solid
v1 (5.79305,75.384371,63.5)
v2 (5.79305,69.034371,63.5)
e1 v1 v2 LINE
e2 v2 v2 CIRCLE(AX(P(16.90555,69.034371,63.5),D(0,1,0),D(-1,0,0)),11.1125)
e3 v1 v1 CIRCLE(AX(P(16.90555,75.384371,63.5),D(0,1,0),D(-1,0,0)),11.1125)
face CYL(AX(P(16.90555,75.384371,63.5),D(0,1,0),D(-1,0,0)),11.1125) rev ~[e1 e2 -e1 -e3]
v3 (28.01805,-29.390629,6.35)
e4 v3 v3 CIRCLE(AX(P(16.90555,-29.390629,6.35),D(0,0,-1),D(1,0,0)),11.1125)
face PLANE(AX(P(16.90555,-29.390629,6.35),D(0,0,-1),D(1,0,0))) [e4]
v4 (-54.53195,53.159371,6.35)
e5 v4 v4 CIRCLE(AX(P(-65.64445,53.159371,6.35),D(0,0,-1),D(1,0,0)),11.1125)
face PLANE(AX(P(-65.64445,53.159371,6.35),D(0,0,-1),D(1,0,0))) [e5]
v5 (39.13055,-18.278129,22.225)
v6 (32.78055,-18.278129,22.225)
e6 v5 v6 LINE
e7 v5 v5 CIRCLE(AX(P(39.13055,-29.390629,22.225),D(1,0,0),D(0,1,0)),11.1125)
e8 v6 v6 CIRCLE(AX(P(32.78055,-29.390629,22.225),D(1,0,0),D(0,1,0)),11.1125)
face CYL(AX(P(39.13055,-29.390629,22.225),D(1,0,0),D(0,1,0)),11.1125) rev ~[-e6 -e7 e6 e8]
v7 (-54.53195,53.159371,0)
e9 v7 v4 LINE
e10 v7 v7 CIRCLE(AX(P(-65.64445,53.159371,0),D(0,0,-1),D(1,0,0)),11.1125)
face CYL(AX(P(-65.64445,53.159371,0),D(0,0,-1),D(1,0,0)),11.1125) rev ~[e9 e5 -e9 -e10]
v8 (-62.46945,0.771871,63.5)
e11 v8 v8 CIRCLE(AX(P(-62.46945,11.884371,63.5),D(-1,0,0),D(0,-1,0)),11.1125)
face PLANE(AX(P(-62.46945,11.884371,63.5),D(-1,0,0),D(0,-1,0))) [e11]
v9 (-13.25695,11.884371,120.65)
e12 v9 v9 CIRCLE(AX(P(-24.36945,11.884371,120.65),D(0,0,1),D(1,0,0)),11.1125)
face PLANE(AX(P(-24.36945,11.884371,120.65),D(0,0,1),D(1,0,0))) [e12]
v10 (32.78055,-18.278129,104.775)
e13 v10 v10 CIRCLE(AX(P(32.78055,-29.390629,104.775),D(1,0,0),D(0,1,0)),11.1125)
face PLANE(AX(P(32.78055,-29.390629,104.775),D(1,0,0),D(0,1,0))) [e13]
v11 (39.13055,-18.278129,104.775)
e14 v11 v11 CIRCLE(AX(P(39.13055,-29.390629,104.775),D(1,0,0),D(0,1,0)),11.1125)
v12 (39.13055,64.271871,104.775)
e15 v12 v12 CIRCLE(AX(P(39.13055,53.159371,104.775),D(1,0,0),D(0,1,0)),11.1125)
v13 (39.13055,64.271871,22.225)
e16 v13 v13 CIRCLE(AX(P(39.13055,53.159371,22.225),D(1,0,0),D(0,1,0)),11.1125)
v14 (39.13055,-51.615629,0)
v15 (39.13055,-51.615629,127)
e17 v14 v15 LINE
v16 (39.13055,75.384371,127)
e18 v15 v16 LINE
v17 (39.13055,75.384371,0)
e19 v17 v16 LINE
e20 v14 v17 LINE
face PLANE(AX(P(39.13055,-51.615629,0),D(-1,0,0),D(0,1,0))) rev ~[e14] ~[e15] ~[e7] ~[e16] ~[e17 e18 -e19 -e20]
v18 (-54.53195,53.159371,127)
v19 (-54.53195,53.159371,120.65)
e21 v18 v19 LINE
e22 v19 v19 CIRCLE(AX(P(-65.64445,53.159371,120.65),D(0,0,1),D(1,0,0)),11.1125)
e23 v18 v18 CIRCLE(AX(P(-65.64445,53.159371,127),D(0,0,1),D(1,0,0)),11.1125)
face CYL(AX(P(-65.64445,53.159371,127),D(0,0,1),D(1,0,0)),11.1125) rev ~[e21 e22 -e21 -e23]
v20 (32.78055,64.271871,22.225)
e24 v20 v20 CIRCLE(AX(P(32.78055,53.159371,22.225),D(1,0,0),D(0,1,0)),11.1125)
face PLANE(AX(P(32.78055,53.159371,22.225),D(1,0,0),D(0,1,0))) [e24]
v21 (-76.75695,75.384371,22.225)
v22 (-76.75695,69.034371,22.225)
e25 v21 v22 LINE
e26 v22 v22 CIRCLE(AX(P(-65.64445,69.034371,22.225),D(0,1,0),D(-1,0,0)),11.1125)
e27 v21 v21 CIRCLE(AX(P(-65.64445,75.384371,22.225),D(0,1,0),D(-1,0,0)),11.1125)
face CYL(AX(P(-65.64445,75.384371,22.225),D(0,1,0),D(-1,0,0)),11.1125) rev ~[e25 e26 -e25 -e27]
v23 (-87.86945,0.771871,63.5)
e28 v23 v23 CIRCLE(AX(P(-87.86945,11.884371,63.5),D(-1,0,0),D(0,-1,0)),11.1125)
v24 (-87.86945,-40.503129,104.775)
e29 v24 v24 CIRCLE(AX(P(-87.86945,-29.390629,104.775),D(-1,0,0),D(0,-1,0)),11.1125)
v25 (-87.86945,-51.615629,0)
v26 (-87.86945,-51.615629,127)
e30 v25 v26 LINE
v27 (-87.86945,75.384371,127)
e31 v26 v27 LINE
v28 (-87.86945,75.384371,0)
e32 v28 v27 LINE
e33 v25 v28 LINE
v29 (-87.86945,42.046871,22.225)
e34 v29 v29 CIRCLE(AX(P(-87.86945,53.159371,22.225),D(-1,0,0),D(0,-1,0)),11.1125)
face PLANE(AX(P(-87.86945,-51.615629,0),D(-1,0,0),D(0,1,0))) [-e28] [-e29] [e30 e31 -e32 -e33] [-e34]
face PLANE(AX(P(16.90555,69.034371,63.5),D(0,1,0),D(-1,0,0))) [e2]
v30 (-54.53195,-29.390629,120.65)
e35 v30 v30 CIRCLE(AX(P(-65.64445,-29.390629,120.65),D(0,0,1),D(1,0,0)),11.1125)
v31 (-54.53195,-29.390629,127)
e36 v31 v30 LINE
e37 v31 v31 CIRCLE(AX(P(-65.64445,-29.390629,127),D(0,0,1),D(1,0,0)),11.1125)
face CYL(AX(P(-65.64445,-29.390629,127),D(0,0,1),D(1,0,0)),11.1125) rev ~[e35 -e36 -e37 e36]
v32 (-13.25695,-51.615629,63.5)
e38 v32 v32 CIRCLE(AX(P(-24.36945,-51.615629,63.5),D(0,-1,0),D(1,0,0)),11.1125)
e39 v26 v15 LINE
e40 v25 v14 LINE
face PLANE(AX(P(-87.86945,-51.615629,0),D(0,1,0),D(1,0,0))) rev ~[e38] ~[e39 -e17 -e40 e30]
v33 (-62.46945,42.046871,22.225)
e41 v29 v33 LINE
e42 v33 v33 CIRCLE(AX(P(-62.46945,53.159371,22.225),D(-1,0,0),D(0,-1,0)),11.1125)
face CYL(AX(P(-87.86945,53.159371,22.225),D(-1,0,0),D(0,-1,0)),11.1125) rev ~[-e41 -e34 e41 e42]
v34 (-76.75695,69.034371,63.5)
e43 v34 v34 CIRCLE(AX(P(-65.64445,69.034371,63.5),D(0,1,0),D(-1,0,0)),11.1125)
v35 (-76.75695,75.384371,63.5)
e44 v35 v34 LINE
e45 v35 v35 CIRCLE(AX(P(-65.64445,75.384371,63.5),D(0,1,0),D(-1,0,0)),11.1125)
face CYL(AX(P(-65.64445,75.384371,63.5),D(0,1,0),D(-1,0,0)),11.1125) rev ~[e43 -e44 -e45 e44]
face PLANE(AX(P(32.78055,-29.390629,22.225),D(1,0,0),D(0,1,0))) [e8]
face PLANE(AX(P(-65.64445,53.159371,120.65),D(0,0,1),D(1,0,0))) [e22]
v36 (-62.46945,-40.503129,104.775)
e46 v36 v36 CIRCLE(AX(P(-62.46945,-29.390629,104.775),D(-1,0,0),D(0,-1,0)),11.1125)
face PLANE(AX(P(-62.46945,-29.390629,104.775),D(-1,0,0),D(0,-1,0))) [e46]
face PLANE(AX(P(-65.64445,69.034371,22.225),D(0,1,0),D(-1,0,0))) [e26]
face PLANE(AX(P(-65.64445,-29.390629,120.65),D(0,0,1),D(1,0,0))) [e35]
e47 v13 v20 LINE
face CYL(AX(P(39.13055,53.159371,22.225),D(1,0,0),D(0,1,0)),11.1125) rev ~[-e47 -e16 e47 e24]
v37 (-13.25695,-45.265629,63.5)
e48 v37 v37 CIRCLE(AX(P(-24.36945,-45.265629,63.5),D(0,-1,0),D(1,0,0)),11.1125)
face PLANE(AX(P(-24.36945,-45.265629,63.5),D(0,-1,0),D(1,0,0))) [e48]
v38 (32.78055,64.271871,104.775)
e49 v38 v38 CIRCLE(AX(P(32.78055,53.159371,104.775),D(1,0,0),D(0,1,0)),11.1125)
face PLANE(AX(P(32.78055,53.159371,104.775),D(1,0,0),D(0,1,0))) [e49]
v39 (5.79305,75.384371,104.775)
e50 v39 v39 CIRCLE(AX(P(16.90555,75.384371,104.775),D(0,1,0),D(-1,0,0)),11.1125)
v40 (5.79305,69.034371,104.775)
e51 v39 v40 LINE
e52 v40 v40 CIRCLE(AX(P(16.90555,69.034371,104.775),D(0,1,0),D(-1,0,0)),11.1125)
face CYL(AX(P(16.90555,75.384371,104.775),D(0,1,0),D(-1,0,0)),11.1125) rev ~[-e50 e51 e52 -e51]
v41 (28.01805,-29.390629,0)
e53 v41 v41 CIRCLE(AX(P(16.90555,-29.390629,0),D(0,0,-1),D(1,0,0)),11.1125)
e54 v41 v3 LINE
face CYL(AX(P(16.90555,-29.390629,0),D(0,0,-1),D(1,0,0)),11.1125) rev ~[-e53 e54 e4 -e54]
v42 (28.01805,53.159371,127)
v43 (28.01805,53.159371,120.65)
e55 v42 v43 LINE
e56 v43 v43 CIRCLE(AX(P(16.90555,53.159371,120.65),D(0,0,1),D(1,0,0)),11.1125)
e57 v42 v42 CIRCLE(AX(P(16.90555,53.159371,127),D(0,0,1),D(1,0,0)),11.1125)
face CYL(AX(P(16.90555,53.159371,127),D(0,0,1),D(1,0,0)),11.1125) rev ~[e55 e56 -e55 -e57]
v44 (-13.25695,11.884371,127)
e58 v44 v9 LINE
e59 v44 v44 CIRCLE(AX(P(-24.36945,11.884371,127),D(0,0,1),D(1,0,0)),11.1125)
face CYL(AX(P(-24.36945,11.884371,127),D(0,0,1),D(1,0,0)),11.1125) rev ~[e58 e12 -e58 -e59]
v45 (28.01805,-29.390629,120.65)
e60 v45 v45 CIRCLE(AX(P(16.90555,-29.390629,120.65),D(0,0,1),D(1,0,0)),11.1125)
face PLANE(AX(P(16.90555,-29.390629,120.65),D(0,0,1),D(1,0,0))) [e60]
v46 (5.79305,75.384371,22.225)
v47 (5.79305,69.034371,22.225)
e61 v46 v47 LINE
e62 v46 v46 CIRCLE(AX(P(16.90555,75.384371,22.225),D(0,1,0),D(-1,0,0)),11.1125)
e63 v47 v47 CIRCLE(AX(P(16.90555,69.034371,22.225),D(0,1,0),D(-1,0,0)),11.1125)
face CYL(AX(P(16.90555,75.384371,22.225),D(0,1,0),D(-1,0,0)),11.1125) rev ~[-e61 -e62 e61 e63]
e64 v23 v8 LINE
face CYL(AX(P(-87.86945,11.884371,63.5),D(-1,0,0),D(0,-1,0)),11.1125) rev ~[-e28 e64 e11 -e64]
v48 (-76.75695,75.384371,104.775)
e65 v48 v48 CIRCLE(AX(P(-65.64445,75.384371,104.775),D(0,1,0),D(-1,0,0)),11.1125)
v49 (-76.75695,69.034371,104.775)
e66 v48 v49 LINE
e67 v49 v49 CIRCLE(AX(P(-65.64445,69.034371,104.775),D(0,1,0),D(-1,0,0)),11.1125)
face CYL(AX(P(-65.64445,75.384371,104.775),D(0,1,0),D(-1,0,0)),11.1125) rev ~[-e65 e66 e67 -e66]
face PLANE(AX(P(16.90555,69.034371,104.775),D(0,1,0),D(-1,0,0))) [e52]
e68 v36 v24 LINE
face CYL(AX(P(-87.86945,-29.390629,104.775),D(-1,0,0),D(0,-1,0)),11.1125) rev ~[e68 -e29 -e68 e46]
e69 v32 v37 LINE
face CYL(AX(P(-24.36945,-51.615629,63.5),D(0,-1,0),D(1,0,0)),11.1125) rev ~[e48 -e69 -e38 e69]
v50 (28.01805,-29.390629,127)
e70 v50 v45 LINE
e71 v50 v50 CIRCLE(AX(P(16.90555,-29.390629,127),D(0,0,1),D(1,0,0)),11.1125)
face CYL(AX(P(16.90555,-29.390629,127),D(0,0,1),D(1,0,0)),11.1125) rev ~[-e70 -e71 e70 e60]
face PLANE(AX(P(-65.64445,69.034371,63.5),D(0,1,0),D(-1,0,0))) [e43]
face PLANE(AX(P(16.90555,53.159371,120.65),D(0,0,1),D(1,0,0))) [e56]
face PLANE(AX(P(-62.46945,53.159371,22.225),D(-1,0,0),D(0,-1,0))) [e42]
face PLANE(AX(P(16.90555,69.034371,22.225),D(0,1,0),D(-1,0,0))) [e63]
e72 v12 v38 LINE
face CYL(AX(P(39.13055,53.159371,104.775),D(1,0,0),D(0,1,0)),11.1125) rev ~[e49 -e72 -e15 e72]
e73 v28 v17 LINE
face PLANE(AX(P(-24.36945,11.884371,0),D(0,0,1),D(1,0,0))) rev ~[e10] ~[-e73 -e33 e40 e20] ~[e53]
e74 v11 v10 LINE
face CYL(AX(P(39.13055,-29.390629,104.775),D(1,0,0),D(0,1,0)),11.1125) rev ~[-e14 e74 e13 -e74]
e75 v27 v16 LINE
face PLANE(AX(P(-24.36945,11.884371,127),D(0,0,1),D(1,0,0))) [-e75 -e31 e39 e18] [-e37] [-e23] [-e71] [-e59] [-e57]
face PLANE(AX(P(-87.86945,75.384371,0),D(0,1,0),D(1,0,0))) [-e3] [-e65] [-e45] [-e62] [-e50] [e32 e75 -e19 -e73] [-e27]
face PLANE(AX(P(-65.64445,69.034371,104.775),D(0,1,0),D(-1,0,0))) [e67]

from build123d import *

# Parameters (mm, degrees)
F0_W      = 127
F0_H      = 127
F1_DEPTH  = 127
F2_R      = 11.1125
F3_DEPTH  = 6.35
F4_R      = 11.1125
F6_DEPTH  = 6.35
F7_DEPTH  = 25.4
F5_R      = 11.1125
F8_DEPTH  = 6.35
F9_DEPTH  = 6.35
F10_R     = 11.1125
F11_DEPTH = 6.35
F13_R     = 11.1125
F14_DEPTH = 6.35
F12_R     = 11.1125
F15_DEPTH = 6.35


with BuildPart() as f1:
    # F0 (on Top) → F1 (new body)
    with BuildSketch(Plane.XY):
        with Locations((-24.36945, 11.884371)):
            Rectangle(F0_W, F0_H)
    extrude(amount=F1_DEPTH)

    # F2 (on face) → F3 (cut)
    with BuildSketch(Plane.XZ.offset(51.615629)):
        with Locations((-24.36945, 63.5)):
            Circle(F2_R)
    extrude(amount=-F3_DEPTH, mode=Mode.SUBTRACT)

    # F4 (on face) → F6 (cut)
    with BuildSketch(Plane(origin=(-87.86945, 0, 0), x_dir=(0, -1, 0), z_dir=(-1, 0, 0))):
        with Locations((29.390629, 104.775)):
            Circle(F4_R)
    extrude(amount=-F6_DEPTH, mode=Mode.SUBTRACT)

    # F4 (on face) → F7 (cut)
    with BuildSketch(Plane(origin=(-87.86945, 0, 0), x_dir=(0, -1, 0), z_dir=(-1, 0, 0))):
        with Locations((-11.884371, 63.5)):
            Circle(F4_R)
        with Locations((29.390629, 104.775)):
            Circle(F4_R)
        with Locations((-53.159371, 22.225)):
            Circle(F4_R)
    extrude(amount=-F7_DEPTH, mode=Mode.SUBTRACT)

    # F5 (on face) → F8 (cut)
    with BuildSketch(Plane.XY.offset(127)):
        with Locations((16.90555, -29.390629)):
            Circle(F5_R)
        with Locations((16.90555, 53.159371)):
            Circle(F5_R)
        with Locations((-65.64445, 53.159371)):
            Circle(F5_R)
        with Locations((-65.64445, -29.390629)):
            Circle(F5_R)
    extrude(amount=-F8_DEPTH, mode=Mode.SUBTRACT)

    # F5 (on face) → F9 (cut)
    with BuildSketch(Plane.XY.offset(127)):
        with Locations((-24.36945, 11.884371)):
            Circle(F5_R)
    extrude(amount=-F9_DEPTH, mode=Mode.SUBTRACT)

    # F10 (on face) → F11 (cut)
    with BuildSketch(Plane(origin=(0, 75.384371, 0), x_dir=(-1, 0, 0), z_dir=(0, 1, 0))):
        with Locations((-16.90555, 104.775)):
            Circle(F10_R)
        with Locations((-16.90555, 63.5)):
            Circle(F10_R)
        with Locations((-16.90555, 22.225)):
            Circle(F10_R)
        with Locations((65.64445, 22.225)):
            Circle(F10_R)
        with Locations((65.64445, 63.5)):
            Circle(F10_R)
        with Locations((65.64445, 104.775)):
            Circle(F10_R)
    extrude(amount=-F11_DEPTH, mode=Mode.SUBTRACT)

    # F13 (on face) → F14 (cut)
    with BuildSketch(Plane.YZ.offset(39.13055)):
        with Locations((53.159371, 104.775)):
            Circle(F13_R)
        with Locations((53.159371, 22.225)):
            Circle(F13_R)
        with Locations((-29.390629, 22.225)):
            Circle(F13_R)
        with Locations((-29.390629, 104.775)):
            Circle(F13_R)
    extrude(amount=-F14_DEPTH, mode=Mode.SUBTRACT)

    # F12 (on face) → F15 (cut)
    with BuildSketch(Plane(origin=(0, 0, 0), x_dir=(1, 0, 0), z_dir=(0, 0, -1))):
        with Locations((-65.64445, -53.159371)):
            Circle(F12_R)
        with Locations((16.90555, 29.390629)):
            Circle(F12_R)
    extrude(amount=-F15_DEPTH, mode=Mode.SUBTRACT)


solid = f1.part
